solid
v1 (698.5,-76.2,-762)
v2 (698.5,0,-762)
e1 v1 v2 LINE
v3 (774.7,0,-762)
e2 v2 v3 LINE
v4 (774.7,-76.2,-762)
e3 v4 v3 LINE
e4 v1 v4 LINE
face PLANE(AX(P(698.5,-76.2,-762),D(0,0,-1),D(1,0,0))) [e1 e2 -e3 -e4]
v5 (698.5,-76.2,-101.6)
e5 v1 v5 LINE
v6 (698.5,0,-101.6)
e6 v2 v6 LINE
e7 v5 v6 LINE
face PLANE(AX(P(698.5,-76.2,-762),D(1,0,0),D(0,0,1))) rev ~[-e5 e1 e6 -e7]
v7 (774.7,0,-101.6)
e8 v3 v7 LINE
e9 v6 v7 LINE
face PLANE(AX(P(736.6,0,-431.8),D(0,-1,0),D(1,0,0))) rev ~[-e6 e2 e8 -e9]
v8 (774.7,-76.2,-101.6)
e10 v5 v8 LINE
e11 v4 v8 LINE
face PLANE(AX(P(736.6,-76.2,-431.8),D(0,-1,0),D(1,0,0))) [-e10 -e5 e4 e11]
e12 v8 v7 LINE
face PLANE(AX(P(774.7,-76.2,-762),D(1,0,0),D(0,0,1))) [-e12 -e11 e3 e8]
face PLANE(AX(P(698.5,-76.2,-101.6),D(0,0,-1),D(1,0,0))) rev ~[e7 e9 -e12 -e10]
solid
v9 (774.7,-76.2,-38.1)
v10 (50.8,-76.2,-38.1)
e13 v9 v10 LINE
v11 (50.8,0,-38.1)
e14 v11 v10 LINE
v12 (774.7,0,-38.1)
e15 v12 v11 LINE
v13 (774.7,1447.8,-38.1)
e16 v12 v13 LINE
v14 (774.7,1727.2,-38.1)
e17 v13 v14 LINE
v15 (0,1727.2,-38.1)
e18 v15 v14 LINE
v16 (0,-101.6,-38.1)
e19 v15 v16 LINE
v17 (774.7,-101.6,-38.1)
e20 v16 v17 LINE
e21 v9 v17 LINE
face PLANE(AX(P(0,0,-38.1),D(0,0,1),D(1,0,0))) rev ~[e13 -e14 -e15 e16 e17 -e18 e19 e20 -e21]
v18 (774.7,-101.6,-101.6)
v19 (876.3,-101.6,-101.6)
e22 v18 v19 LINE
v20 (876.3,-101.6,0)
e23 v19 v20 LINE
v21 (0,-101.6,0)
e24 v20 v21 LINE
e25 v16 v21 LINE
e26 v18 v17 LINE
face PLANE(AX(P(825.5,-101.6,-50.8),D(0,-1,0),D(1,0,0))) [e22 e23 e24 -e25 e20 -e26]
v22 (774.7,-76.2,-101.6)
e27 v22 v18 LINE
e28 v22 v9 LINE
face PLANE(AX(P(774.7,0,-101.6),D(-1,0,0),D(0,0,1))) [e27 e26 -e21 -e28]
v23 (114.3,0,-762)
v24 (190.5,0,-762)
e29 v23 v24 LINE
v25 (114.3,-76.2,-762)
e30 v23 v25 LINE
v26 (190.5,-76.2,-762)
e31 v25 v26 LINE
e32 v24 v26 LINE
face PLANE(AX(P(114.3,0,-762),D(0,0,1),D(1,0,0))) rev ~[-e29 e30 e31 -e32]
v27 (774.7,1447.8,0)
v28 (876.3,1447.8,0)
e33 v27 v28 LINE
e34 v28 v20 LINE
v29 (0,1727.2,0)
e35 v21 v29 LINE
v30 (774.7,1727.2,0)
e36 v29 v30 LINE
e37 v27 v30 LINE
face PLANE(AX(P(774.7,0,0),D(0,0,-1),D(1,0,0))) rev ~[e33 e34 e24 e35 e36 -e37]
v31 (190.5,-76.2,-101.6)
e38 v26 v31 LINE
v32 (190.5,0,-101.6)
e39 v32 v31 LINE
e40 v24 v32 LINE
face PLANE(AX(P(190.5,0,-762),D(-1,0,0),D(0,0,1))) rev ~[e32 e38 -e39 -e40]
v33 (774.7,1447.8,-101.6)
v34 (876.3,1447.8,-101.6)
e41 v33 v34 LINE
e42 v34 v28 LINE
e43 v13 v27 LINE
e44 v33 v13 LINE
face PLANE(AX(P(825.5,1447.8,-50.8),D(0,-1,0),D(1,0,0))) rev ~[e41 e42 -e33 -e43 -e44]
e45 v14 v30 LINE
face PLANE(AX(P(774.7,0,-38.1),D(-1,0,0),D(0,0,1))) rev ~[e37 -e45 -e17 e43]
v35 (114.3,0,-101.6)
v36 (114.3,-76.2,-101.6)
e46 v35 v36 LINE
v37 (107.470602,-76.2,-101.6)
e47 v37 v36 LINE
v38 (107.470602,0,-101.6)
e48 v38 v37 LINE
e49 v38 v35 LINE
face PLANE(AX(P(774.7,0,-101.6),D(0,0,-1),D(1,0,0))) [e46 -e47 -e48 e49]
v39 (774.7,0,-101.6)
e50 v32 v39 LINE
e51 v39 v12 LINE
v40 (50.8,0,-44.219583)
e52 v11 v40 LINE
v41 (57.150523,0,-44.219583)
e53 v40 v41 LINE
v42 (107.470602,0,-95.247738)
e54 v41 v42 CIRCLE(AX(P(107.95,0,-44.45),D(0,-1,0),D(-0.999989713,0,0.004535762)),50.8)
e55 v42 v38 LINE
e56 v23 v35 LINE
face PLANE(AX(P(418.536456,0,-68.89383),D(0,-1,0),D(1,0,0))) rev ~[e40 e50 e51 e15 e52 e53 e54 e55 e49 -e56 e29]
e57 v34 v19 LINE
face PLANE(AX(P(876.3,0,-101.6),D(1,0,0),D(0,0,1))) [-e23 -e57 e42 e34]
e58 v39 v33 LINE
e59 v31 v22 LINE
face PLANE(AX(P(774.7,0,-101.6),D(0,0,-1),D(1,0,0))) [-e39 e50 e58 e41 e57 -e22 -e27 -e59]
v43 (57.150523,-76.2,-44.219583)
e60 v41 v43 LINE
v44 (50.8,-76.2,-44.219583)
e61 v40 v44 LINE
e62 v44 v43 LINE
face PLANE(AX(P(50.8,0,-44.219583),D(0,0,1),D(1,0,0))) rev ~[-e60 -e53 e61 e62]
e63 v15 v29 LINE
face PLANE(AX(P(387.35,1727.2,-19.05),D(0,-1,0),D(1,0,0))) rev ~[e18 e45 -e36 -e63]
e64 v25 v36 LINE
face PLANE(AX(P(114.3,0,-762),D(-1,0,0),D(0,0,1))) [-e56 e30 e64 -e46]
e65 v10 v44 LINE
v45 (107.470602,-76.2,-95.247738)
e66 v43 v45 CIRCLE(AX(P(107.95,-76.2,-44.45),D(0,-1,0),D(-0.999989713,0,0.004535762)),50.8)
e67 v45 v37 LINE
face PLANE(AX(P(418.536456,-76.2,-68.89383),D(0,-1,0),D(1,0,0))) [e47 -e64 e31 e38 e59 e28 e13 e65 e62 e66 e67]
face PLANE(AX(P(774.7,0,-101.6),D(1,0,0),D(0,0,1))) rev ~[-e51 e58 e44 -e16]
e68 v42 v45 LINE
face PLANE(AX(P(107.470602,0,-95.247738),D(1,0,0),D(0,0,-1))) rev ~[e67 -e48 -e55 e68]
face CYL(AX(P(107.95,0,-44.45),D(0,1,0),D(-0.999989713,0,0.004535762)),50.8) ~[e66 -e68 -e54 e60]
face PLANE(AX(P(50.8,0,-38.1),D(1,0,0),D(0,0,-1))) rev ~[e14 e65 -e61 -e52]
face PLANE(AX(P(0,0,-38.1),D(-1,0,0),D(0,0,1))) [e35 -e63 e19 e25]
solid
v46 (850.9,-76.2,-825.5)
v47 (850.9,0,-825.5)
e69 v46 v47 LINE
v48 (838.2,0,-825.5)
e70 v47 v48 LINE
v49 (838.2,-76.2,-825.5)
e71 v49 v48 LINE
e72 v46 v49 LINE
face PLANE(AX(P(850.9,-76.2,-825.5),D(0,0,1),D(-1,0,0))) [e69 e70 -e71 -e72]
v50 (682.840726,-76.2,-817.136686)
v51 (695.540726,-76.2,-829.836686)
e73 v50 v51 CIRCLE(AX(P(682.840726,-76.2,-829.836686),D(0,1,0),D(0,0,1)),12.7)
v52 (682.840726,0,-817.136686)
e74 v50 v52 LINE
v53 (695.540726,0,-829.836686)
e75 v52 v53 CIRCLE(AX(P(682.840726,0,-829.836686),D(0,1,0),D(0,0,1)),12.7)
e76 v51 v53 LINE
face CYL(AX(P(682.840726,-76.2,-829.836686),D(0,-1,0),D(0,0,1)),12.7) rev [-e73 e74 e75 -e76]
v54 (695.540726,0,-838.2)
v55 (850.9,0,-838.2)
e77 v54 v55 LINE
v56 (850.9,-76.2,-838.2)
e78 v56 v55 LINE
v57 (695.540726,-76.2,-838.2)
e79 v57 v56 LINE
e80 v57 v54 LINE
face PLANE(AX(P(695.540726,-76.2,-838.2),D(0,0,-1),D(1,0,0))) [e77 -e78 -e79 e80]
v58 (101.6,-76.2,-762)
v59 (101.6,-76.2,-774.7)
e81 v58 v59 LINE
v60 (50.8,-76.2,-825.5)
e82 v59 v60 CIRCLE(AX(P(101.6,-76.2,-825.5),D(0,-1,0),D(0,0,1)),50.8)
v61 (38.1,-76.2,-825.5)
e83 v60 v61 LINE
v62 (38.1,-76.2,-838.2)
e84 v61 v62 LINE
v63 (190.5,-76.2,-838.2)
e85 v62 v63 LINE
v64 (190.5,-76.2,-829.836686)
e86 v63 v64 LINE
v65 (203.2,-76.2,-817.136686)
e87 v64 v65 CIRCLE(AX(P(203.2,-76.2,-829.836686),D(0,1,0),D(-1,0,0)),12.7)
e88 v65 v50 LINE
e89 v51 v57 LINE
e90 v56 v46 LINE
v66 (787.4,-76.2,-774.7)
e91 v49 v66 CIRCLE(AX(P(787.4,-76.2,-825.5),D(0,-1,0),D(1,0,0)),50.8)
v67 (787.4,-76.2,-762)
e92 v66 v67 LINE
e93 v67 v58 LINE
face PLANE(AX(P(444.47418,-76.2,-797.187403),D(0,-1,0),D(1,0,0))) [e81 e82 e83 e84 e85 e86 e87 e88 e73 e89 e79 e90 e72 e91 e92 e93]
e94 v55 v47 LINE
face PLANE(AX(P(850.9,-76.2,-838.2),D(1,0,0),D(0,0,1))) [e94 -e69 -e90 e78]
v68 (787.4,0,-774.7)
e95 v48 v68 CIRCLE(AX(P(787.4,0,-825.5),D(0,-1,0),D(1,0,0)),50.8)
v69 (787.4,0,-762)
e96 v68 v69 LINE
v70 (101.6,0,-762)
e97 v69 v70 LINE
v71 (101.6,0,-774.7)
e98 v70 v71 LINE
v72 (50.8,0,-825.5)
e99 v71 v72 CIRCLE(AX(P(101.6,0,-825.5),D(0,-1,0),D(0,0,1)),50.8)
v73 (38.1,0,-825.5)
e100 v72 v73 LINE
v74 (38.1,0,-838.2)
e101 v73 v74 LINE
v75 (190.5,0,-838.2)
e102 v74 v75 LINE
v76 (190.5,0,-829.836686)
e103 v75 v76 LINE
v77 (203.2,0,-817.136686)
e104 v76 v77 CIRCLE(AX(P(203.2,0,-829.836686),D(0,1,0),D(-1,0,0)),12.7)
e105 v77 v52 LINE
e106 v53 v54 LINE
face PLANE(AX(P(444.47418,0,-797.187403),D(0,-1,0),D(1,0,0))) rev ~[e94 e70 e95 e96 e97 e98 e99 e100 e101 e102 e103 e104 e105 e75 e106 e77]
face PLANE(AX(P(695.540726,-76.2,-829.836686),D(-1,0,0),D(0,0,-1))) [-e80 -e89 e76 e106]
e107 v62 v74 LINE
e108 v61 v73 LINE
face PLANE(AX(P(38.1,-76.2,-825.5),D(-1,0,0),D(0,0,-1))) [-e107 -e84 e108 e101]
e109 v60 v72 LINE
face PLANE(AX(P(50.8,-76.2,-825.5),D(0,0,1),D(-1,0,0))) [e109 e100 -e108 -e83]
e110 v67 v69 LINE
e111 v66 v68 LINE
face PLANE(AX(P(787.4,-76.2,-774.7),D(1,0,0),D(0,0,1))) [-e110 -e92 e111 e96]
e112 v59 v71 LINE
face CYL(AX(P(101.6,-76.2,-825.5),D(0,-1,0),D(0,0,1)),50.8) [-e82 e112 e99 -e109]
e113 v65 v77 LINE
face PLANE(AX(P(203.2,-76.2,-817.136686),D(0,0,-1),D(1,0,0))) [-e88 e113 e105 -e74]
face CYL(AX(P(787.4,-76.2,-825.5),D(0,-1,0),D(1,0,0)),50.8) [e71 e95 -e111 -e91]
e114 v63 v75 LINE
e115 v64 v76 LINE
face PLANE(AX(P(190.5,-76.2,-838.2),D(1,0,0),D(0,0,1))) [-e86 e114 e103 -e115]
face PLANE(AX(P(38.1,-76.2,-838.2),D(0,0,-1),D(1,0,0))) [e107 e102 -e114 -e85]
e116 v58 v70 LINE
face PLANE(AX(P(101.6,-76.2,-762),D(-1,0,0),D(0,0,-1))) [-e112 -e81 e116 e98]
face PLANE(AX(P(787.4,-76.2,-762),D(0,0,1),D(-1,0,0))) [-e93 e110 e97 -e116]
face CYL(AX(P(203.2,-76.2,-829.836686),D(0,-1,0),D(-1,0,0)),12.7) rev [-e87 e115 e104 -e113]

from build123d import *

# Parameters (mm, degrees)
F7_DEPTH      = 76.2
F0_W          = 774.7
F0_H          = 38.1
F8_DEPTH      = 1727.2
F8_DEPTH_BACK = 101.6
F1_W          = 101.6
F1_H          = 101.6
F9_DEPTH      = 101.6
F9_DEPTH_BACK = 1447.8
F10_W         = 76.2
F10_H         = 660.4
F11_DEPTH     = 76.2
F12_W         = 76.2
F12_H         = 660.4
F13_DEPTH     = 76.2
F15_DEPTH     = 76.2


with BuildPart() as f7:
    # F5 (on Front) → F7 (new body)
    with BuildSketch(Plane.XZ):
        with BuildLine():
            Line((50.8, -44.2195832729), (57.1505225604, -44.2195832729))
            ThreePointArc((57.1505225604, -44.2195832729), (71.7788939435, -80.119189599), (107.4706017971, -95.2477379158))
            Line((107.4706017971, -95.2477379158), (107.4706017971, -101.6))
            Line((107.4706017971, -101.6), (774.7, -101.6))
            Line((774.7, -101.6), (774.7, -38.1))
            Line((774.7, -38.1), (50.8, -38.1))
            Line((50.8, -38.1), (50.8, -44.2195832729))
        make_face()
    extrude(amount=F7_DEPTH)

    # F0 (on Front) → F8 (join, two sides)
    with BuildSketch(Plane.XZ) as f8_sk:
        with Locations((387.35, -19.05)):
            Rectangle(F0_W, F0_H)
    extrude(amount=-F8_DEPTH)
    extrude(f8_sk.sketch, amount=F8_DEPTH_BACK)

    # F1 (on Front) → F9 (join, two sides)
    with BuildSketch(Plane.XZ) as f9_sk:
        with Locations((825.5, -50.8)):
            Rectangle(F1_W, F1_H)
    extrude(amount=F9_DEPTH)
    extrude(f9_sk.sketch, amount=-F9_DEPTH_BACK)

    # F10 (on Front) → F11 (join)
    with BuildSketch(Plane.XZ):
        with Locations((152.4, -431.8)):
            Rectangle(F10_W, F10_H)
    extrude(amount=F11_DEPTH)


with BuildPart() as f13:
    # F12 (on face) → F13 (new body)
    with BuildSketch(Plane.XZ.offset(76.2)):
        with Locations((736.6, -431.8)):
            Rectangle(F12_W, F12_H)
    extrude(amount=-F13_DEPTH)


with BuildPart() as f15:
    # F14 (on face) → F15 (new body)
    with BuildSketch(Plane.XZ.offset(76.2)):
        with BuildLine():
            Line((114.3, -762), (101.6, -762))
            Line((101.6, -762), (101.6, -774.7))
            ThreePointArc((101.6, -774.7), (65.6789755157, -789.5789755157), (50.8, -825.5))
            Line((50.8, -825.5), (38.1, -825.5))
            Line((38.1, -825.5), (38.1, -838.2))
            Line((38.1, -838.2), (190.5, -838.2))
            Line((190.5, -838.2), (190.5, -829.8366857529))
            ThreePointArc((190.5, -829.8366857529), (194.2197438789, -820.8564296318), (203.2, -817.1366857529))
            Line((203.2, -817.1366857529), (682.8407261848, -817.1366857529))
            ThreePointArc((682.8407261848, -817.1366857529), (691.8209823059, -820.8564296318), (695.5407261848, -829.8366857529))
            Line((695.5407261848, -829.8366857529), (695.5407261848, -838.2))
            Line((695.5407261848, -838.2), (850.9, -838.2))
            Line((850.9, -838.2), (850.9, -825.5))
            Line((850.9, -825.5), (838.2, -825.5))
            ThreePointArc((838.2, -825.5), (823.3210244843, -789.5789755157), (787.4, -774.7))
            Line((787.4, -774.7), (787.4, -762))
            Line((787.4, -762), (444.5, -762))
            Line((444.5, -762), (190.5, -762))
            Line((190.5, -762), (114.3, -762))
        make_face()
    extrude(amount=-F15_DEPTH)


solid = Compound([f7.part, f13.part, f15.part])
